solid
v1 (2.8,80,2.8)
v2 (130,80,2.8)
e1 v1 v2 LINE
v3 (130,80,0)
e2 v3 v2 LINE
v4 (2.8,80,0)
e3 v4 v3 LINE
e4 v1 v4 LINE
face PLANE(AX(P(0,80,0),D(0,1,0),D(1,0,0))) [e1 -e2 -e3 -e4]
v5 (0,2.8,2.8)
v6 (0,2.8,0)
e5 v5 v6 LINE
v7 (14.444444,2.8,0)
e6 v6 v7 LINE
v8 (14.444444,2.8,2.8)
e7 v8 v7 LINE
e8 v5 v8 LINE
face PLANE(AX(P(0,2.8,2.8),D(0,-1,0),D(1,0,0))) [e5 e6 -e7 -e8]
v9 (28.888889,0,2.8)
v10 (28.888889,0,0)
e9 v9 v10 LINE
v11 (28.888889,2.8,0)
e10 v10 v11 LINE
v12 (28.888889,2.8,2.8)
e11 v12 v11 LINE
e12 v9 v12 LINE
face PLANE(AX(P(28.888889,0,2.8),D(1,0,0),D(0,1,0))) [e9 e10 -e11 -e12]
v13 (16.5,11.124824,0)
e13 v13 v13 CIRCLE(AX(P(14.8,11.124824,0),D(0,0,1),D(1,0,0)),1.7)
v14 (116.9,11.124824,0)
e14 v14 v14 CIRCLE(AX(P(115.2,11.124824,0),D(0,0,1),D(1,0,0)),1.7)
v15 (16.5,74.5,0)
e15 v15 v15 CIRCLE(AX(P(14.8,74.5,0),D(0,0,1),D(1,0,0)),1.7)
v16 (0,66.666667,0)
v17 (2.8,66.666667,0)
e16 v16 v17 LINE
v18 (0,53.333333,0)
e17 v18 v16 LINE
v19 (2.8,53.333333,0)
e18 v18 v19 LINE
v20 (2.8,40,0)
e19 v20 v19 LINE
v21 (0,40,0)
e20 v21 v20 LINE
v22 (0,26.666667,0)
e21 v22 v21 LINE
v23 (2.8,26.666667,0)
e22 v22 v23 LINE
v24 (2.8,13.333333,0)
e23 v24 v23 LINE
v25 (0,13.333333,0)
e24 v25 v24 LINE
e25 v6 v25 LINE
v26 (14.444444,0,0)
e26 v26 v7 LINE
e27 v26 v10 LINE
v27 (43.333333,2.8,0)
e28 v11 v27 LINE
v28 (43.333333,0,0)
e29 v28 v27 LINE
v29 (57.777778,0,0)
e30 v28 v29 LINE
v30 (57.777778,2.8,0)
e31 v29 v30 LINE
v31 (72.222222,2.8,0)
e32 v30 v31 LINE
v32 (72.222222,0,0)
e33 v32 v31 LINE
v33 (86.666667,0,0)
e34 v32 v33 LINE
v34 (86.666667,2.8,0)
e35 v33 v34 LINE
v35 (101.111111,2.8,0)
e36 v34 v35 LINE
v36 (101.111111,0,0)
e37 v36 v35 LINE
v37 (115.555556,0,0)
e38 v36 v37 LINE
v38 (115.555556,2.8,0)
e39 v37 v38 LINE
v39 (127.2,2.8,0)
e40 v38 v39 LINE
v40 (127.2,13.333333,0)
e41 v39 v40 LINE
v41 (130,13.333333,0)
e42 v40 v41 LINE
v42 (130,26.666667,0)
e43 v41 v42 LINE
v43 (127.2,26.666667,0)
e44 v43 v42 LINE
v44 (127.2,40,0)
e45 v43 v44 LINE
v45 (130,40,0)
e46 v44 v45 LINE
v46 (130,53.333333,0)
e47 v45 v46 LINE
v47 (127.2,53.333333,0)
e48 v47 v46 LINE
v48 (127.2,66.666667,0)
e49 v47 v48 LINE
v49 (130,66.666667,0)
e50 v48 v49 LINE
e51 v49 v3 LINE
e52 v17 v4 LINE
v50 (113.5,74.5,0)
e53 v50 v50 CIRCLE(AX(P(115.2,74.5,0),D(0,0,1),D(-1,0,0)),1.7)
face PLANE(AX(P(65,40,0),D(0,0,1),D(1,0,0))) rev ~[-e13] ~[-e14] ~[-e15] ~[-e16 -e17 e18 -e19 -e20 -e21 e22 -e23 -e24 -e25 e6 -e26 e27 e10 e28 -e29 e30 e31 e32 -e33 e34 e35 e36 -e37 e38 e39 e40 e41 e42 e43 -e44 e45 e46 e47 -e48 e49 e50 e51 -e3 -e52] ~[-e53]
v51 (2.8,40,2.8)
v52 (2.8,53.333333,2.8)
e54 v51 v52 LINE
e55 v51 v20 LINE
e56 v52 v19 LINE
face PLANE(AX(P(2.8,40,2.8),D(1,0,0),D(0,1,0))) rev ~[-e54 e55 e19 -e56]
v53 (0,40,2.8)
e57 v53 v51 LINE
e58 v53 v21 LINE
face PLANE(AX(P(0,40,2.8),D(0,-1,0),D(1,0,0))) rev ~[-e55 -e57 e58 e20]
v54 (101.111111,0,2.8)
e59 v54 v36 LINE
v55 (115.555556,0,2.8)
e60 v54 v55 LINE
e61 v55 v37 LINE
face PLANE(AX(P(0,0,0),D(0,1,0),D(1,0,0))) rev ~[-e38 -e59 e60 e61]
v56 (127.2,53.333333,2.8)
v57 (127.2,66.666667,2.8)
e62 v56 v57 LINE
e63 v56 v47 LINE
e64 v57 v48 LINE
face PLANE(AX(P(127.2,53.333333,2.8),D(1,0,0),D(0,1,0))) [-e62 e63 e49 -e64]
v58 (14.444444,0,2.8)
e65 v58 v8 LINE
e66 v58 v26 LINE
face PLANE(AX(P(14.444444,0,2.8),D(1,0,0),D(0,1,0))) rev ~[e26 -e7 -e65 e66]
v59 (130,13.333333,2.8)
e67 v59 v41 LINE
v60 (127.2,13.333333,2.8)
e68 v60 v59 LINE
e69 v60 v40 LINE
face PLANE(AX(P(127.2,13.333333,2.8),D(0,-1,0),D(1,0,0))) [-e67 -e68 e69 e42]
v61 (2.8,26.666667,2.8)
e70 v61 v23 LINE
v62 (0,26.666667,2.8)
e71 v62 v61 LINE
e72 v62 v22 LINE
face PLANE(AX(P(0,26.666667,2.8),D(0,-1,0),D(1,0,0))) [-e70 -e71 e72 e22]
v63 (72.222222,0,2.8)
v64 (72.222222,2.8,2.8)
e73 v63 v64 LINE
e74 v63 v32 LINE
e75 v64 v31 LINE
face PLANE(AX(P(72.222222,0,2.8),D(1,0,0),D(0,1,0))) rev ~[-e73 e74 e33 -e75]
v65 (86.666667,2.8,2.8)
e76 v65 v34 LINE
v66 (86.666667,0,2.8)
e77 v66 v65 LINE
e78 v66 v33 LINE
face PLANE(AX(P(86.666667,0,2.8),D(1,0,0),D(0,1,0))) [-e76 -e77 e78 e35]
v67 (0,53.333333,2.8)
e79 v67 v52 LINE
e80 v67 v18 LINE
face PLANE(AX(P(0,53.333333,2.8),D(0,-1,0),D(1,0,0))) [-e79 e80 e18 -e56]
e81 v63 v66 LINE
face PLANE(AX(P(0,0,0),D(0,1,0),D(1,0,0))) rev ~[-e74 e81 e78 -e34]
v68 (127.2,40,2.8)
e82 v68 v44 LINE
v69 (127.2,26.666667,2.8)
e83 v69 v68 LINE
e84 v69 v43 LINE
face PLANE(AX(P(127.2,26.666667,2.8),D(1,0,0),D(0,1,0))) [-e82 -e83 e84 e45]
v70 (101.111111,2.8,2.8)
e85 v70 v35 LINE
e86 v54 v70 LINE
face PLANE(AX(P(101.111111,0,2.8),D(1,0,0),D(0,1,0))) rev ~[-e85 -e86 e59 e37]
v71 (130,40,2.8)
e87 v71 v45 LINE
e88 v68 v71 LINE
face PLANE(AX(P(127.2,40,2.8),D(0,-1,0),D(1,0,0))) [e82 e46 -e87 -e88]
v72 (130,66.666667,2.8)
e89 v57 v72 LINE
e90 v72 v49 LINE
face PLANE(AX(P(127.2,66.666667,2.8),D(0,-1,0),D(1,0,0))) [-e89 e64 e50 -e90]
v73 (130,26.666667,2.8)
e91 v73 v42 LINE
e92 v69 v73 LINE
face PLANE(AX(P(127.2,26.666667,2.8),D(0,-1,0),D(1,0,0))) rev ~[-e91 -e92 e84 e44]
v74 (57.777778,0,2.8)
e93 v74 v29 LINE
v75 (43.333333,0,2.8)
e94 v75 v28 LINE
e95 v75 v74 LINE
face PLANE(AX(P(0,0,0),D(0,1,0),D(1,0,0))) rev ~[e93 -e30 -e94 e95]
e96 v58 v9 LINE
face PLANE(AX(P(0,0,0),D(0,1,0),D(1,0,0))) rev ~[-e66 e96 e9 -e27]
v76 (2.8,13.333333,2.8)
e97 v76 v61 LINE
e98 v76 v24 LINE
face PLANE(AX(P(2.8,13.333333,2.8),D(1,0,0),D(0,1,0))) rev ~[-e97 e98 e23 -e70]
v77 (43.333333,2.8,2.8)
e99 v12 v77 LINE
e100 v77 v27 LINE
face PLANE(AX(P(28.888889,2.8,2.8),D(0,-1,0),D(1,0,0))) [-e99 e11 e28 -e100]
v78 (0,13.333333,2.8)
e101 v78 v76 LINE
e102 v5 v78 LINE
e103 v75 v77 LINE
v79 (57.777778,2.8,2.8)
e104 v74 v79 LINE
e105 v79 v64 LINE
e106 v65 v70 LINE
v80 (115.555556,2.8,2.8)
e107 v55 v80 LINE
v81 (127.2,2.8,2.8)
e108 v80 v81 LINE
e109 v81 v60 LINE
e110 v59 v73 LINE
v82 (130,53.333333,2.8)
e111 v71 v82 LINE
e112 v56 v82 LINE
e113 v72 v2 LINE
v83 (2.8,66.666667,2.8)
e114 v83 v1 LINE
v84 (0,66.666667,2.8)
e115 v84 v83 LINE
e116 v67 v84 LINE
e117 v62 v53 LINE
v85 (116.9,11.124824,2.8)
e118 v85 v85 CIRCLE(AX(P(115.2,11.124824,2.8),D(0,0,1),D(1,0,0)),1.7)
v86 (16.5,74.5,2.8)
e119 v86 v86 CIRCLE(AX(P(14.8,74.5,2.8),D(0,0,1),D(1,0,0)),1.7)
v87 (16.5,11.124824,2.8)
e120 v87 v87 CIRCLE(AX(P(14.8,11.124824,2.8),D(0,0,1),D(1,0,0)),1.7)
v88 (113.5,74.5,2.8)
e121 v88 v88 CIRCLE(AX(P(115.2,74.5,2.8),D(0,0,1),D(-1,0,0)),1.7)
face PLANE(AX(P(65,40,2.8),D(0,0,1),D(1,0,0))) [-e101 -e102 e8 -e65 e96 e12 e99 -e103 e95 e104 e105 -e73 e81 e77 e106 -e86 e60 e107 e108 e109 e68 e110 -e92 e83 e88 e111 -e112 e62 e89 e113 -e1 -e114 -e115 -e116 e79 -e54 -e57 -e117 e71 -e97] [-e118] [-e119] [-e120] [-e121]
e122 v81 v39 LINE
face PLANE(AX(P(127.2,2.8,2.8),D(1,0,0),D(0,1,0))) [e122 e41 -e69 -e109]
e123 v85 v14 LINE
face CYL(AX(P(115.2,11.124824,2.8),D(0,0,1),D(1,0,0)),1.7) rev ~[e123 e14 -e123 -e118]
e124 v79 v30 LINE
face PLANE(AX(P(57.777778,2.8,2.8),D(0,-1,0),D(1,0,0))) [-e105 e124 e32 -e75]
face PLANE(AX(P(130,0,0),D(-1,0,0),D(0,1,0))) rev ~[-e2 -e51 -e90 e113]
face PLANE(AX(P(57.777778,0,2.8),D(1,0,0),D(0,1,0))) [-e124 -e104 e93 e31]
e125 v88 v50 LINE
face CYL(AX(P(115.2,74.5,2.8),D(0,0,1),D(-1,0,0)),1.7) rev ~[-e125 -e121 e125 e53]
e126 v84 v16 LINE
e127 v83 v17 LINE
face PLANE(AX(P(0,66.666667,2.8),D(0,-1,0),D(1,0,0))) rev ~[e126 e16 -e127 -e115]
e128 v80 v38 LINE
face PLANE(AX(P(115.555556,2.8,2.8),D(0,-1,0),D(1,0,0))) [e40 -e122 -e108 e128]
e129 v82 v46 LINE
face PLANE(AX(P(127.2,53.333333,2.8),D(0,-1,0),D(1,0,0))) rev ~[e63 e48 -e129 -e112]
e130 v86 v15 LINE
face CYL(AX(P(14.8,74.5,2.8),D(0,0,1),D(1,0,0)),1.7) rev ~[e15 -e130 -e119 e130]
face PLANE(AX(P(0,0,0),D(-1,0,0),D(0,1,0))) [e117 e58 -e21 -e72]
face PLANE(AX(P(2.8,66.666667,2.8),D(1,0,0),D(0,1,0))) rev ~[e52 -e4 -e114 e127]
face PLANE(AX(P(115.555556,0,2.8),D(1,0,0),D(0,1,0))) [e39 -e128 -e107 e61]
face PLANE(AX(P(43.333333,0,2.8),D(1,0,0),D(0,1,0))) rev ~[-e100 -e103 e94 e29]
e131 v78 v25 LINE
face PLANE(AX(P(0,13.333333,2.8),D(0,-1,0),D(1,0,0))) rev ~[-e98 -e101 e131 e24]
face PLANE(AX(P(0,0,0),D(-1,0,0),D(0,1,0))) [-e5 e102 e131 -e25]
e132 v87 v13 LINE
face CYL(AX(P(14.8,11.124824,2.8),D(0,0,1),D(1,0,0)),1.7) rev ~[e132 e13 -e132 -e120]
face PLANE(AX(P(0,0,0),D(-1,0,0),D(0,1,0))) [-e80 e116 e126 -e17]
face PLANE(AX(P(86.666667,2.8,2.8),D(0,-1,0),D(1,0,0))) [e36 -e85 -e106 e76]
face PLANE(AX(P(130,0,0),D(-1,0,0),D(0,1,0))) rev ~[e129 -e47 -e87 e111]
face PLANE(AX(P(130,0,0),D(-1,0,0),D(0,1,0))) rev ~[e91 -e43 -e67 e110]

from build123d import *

# Parameters (mm, degrees)
SKETCH1_W           = 130
SKETCH1_H           = 80
BOSS_EXTRUDE1_DEPTH = 2.8
SKETCH2_W           = 14.444444444
SKETCH2_H           = 2.8
SKETCH2_W_2         = 2.8
SKETCH2_H_2         = 13.333333334
SKETCH2_H_3         = 13.333333333
CUT_EXTRUDE1_DEPTH  = 153.669053839
CUT_EXTRUDE2_REACH  = 154.669
SKETCH3_R           = 1.7


with BuildPart() as part:
    # Sketch1 → Boss-Extrude1 (new body)
    with BuildSketch(Plane.XY):
        with Locations((65, 40)):
            Rectangle(SKETCH1_W, SKETCH1_H)
    extrude(amount=BOSS_EXTRUDE1_DEPTH)

    # Sketch2 → Cut-Extrude1 (cut, through all)
    with BuildSketch(Plane.XY.offset(2.8)):
        with Locations((7.222222222, 1.4)):
            Rectangle(SKETCH2_W, SKETCH2_H)
        with Locations((36.111111111, 1.4)):
            Rectangle(SKETCH2_W, SKETCH2_H)
        with Locations((65, 1.4)):
            Rectangle(SKETCH2_W, SKETCH2_H)
        with Locations((93.888888889, 1.4)):
            Rectangle(SKETCH2_W, SKETCH2_H)
        Polygon((115.555555556, 0), (115.555555556, 2.8), (127.2, 2.8), (127.2, 13.333333333), (130, 13.333333333), (130, 0), align=None)
        with Locations((1.4, 20)):
            Rectangle(SKETCH2_W_2, SKETCH2_H_2)
        with Locations((1.4, 46.666666667)):
            Rectangle(SKETCH2_W_2, SKETCH2_H_3)
        with Locations((1.4, 73.333333334)):
            Rectangle(SKETCH2_W_2, SKETCH2_H_3)
        with Locations((128.6, 33.333333334)):
            Rectangle(SKETCH2_W_2, SKETCH2_H_3)
        with Locations((128.6, 60)):
            Rectangle(SKETCH2_W_2, SKETCH2_H_2)
    extrude(amount=-CUT_EXTRUDE1_DEPTH, mode=Mode.SUBTRACT)

    # Sketch3 → Cut-Extrude2 (cut, up to next)
    with BuildSketch(Plane.XY.offset(2.8), mode=Mode.PRIVATE) as cut_extrude2_sk1:
        with Locations((14.8, 74.5)):
            Circle(SKETCH3_R)
    cut_extrude2_tool1 = extrude(cut_extrude2_sk1.sketch, amount=-CUT_EXTRUDE2_REACH, mode=Mode.PRIVATE) & part.part
    # Sketch3 → Cut-Extrude2 (cut, up to next)
    with BuildSketch(Plane.XY.offset(2.8), mode=Mode.PRIVATE) as cut_extrude2_sk2:
        with Locations(Location((115.2, 74.5, 0), (0, 0, 180))):
            Circle(SKETCH3_R)
    cut_extrude2_tool2 = extrude(cut_extrude2_sk2.sketch, amount=-CUT_EXTRUDE2_REACH, mode=Mode.PRIVATE) & part.part
    # Sketch3 → Cut-Extrude2 (cut, up to next)
    with BuildSketch(Plane.XY.offset(2.8), mode=Mode.PRIVATE) as cut_extrude2_sk3:
        with Locations((14.8, 11.124824394)):
            Circle(SKETCH3_R)
    cut_extrude2_tool3 = extrude(cut_extrude2_sk3.sketch, amount=-CUT_EXTRUDE2_REACH, mode=Mode.PRIVATE) & part.part
    # Sketch3 → Cut-Extrude2 (cut, up to next)
    with BuildSketch(Plane.XY.offset(2.8), mode=Mode.PRIVATE) as cut_extrude2_sk4:
        with Locations((115.2, 11.124824394)):
            Circle(SKETCH3_R)
    cut_extrude2_tool4 = extrude(cut_extrude2_sk4.sketch, amount=-CUT_EXTRUDE2_REACH, mode=Mode.PRIVATE) & part.part
    add(cut_extrude2_tool1.solids().sort_by_distance((14.8, 74.5, 2.8))[0], mode=Mode.SUBTRACT)
    add(cut_extrude2_tool2.solids().sort_by_distance((115.2, 74.5, 2.8))[0], mode=Mode.SUBTRACT)
    add(cut_extrude2_tool3.solids().sort_by_distance((14.8, 11.124824, 2.8))[0], mode=Mode.SUBTRACT)
    add(cut_extrude2_tool4.solids().sort_by_distance((115.2, 11.124824, 2.8))[0], mode=Mode.SUBTRACT)


solid = part.part
